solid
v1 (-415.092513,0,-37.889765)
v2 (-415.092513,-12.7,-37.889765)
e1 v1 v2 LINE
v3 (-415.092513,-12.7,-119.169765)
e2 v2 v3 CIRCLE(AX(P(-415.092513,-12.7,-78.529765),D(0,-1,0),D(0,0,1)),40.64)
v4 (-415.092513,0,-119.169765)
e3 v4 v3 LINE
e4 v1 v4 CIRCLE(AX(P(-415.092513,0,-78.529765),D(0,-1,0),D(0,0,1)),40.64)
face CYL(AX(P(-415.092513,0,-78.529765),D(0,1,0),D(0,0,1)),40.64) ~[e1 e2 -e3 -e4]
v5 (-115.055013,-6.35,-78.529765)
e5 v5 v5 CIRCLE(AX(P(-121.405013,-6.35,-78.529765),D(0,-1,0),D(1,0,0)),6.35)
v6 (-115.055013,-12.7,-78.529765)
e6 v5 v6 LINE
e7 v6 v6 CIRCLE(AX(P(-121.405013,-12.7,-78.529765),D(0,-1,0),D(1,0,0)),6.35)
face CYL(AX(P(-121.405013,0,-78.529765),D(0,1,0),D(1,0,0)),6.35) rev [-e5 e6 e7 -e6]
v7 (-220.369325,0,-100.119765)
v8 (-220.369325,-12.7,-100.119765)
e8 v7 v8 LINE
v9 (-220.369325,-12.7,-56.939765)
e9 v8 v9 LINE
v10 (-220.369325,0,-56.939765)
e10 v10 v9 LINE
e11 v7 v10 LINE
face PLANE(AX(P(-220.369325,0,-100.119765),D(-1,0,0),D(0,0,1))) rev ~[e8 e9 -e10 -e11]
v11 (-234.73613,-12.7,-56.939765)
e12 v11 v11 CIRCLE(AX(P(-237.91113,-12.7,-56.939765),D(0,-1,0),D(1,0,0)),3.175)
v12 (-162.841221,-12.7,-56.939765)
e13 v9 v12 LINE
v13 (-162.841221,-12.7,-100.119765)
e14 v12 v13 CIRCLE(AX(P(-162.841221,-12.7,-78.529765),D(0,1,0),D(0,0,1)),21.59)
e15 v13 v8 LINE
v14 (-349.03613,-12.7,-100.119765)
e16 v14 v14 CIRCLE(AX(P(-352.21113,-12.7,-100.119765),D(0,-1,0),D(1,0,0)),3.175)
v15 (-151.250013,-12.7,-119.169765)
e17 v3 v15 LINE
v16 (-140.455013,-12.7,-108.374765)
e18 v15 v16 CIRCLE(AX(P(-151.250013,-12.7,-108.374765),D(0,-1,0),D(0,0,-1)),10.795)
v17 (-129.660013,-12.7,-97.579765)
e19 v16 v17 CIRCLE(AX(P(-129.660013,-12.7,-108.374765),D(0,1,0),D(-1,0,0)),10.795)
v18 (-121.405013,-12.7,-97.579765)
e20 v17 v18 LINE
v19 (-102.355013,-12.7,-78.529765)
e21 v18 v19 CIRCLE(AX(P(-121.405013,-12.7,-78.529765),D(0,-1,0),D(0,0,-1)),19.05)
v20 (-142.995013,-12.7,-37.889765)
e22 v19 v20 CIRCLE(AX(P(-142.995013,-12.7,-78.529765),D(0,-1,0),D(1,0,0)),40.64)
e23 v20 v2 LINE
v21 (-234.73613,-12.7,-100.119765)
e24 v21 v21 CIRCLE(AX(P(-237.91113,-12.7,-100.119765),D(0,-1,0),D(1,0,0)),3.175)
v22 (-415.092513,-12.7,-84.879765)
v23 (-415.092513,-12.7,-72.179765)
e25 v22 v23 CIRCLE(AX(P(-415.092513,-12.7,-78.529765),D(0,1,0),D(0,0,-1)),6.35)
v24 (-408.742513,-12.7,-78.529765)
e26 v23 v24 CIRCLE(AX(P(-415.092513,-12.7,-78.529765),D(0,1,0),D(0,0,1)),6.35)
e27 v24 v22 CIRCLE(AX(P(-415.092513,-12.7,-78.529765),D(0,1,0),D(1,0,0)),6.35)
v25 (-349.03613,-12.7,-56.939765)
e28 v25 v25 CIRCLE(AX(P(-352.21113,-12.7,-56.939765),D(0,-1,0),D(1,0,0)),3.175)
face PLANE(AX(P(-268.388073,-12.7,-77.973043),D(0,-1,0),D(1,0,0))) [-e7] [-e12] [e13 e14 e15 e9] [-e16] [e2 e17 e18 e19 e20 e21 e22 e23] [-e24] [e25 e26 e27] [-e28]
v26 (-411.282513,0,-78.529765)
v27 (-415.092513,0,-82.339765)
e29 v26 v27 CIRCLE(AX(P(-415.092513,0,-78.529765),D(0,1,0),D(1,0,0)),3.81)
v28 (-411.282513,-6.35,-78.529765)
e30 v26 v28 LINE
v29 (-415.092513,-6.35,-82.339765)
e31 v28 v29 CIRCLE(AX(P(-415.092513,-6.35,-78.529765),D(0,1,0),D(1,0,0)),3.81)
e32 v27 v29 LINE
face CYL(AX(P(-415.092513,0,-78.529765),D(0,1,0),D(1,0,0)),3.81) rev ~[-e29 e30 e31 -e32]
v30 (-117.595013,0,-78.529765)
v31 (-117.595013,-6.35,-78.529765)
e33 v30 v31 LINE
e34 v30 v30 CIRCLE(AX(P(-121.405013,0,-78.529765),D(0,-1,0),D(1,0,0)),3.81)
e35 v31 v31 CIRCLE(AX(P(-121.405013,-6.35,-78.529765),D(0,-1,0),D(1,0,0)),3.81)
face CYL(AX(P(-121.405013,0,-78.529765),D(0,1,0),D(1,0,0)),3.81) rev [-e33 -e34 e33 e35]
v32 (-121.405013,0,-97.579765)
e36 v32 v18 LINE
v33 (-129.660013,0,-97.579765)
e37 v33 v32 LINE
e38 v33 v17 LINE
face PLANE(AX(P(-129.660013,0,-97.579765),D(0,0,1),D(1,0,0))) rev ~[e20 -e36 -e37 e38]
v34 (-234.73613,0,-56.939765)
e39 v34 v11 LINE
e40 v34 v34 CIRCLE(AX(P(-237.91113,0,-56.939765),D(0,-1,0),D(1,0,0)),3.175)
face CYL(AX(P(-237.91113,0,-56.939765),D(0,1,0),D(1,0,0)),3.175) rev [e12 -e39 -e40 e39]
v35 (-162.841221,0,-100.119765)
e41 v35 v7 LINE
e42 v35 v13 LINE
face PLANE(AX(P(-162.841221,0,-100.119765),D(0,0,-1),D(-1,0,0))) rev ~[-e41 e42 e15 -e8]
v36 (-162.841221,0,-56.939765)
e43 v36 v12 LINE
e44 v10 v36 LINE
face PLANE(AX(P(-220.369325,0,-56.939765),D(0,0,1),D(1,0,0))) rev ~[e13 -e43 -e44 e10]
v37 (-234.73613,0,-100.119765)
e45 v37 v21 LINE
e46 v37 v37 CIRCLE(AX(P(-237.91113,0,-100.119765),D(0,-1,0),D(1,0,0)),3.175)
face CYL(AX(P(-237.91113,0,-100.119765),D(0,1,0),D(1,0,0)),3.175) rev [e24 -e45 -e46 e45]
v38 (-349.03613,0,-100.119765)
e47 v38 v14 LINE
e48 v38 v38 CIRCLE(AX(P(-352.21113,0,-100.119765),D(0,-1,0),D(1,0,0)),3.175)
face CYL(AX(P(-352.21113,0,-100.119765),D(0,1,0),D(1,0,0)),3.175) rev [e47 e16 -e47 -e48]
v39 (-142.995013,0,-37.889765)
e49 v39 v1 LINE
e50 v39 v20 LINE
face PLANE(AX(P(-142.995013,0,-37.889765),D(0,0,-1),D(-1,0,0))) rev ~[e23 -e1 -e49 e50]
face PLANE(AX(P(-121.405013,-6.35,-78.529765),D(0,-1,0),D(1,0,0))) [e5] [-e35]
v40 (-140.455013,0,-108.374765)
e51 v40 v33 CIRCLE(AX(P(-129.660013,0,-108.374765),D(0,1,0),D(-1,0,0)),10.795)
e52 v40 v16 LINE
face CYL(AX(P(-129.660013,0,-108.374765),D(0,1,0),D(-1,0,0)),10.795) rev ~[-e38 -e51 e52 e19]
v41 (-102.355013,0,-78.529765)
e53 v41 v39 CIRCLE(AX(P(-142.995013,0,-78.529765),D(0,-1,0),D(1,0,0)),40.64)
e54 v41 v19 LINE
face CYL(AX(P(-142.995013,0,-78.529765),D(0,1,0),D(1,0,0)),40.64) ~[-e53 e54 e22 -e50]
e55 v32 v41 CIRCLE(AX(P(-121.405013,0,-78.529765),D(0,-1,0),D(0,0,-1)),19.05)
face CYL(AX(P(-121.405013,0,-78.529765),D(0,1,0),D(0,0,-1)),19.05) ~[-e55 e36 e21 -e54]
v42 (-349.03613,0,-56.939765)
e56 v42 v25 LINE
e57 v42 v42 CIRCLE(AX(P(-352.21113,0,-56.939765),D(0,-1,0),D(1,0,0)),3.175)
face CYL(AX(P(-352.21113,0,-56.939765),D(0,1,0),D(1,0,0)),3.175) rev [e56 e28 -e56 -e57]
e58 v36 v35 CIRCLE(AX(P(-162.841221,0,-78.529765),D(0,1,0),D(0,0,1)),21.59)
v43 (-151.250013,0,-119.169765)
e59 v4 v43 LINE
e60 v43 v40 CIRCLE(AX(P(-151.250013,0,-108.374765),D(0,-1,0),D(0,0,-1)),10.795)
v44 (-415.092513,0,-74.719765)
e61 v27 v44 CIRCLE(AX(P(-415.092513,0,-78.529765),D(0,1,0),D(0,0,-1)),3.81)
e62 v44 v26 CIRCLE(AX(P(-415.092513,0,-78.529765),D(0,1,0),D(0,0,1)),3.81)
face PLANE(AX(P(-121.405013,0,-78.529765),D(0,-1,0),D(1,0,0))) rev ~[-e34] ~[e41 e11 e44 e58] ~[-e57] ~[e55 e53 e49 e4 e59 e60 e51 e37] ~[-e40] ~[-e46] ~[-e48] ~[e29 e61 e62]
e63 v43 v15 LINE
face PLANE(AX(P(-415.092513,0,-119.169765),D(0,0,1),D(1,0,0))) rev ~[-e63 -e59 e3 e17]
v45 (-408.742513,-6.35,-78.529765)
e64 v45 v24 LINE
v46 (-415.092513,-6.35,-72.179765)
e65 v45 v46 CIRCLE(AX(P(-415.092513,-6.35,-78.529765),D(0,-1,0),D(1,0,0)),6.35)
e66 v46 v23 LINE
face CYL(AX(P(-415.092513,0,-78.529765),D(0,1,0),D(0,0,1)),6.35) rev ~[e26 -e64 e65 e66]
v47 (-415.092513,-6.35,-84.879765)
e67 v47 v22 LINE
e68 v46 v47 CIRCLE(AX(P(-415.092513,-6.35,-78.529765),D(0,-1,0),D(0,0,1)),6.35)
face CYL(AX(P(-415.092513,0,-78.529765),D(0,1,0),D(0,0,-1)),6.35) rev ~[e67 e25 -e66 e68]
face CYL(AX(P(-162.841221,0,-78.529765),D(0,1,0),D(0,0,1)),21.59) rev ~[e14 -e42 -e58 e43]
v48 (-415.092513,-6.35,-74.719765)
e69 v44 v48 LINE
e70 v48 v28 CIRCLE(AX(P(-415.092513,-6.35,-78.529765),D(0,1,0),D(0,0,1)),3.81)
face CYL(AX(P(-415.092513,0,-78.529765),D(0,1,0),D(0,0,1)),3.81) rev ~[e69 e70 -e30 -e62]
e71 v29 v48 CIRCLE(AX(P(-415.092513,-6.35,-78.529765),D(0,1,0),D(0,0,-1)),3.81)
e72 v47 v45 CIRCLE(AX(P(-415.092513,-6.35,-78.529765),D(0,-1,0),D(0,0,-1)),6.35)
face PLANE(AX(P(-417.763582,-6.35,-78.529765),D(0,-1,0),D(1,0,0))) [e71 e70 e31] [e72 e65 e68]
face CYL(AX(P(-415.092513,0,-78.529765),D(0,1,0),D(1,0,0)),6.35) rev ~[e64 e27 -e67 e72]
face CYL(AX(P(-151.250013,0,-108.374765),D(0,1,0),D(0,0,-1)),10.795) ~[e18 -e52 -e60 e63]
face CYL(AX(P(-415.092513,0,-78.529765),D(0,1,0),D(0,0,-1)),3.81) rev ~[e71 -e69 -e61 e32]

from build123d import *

# Parameters (mm, degrees)
F0_R     = 3.175
F0_R_2   = 6.35
F1_DEPTH = 12.7
F2_DEPTH = 6.35
F0_R_3   = 3.81
F3_DEPTH = 6.35


with BuildPart() as f1:
    # F0 (on Front) → F1 (new body)
    with BuildSketch(Plane.XZ):
        with BuildLine():
            ThreePointArc((-140.4550125721, -108.3747648736), (-137.293230275, -100.7415471707), (-129.6600125721, -97.5797648736))
            Line((-129.6600125721, -97.5797648736), (-122.9925125721, -97.5797648736))
            Line((-122.9925125721, -97.5797648736), (-121.4050125721, -97.5797648736))
            ThreePointArc((-121.4050125721, -97.5797648736), (-107.9346283905, -92.0001490552), (-102.3550125721, -78.5297648736))
            ThreePointArc((-102.3550125721, -78.5297648736), (-114.2581929847, -49.7929452862), (-142.9950125721, -37.8897648736))
            Line((-142.9950125721, -37.8897648736), (-150.1512528809, -37.8897648736))
            Line((-150.1512528809, -37.8897648736), (-415.0925125721, -37.8897648736))
            Line((-415.0925125721, -37.8897648736), (-415.0925125721, -72.1797648736))
            ThreePointArc((-415.0925125721, -72.1797648736), (-410.6023845116, -74.0396368131), (-408.7425125721, -78.5297648736))
            ThreePointArc((-408.7425125721, -78.5297648736), (-410.6023845116, -83.0198929341), (-415.0925125721, -84.8797648736))
            Line((-415.0925125721, -84.8797648736), (-415.0925125721, -119.1697648736))
            Line((-415.0925125721, -119.1697648736), (-151.2500125721, -119.1697648736))
            ThreePointArc((-151.2500125721, -119.1697648736), (-143.6167948692, -116.0079825765), (-140.4550125721, -108.3747648736))
        make_face()
        with Locations((-352.2111295721, -100.1197648736)):
            Circle(F0_R, mode=Mode.SUBTRACT)
        with Locations((-237.9111295721, -100.1197648736)):
            Circle(F0_R, mode=Mode.SUBTRACT)
        with BuildLine():
            ThreePointArc((-162.8412207992, -56.9397648736), (-141.2512207992, -78.5297648736), (-162.8412207992, -100.1197648736))
            Line((-162.8412207992, -100.1197648736), (-220.3693254323, -100.1197648736))
            Line((-220.3693254323, -100.1197648736), (-220.3693254323, -56.9397648736))
            Line((-220.3693254323, -56.9397648736), (-162.8412207992, -56.9397648736))
        make_face(mode=Mode.SUBTRACT)
        with Locations((-121.4050125721, -78.5297648736)):
            Circle(F0_R_2, mode=Mode.SUBTRACT)
        with Locations((-352.2111295721, -56.9397648736)):
            Circle(F0_R, mode=Mode.SUBTRACT)
        with Locations((-237.9111295721, -56.9397648736)):
            Circle(F0_R, mode=Mode.SUBTRACT)
        with BuildLine():
            ThreePointArc((-415.0925125721, -37.8897648736), (-455.7325125721, -78.5297648736), (-415.0925125721, -119.1697648736))
            Line((-415.0925125721, -119.1697648736), (-415.0925125721, -84.8797648736))
            ThreePointArc((-415.0925125721, -84.8797648736), (-421.4425125721, -78.5297648736), (-415.0925125721, -72.1797648736))
            Line((-415.0925125721, -72.1797648736), (-415.0925125721, -37.8897648736))
        make_face()
    extrude(amount=F1_DEPTH)

    # F0 (on Front) → F2 (join)
    with BuildSketch(Plane.XZ):
        with BuildLine():
            ThreePointArc((-415.0925125721, -72.1797648736), (-421.4425125721, -78.5297648736), (-415.0925125721, -84.8797648736))
            Line((-415.0925125721, -84.8797648736), (-415.0925125721, -82.3397648736))
            ThreePointArc((-415.0925125721, -82.3397648736), (-418.9025125721, -78.5297648736), (-415.0925125721, -74.7197648736))
            Line((-415.0925125721, -74.7197648736), (-415.0925125721, -72.1797648736))
        make_face()
        with BuildLine():
            Line((-415.0925125721, -82.3397648736), (-415.0925125721, -84.8797648736))
            ThreePointArc((-415.0925125721, -84.8797648736), (-410.6023845116, -83.0198929341), (-408.7425125721, -78.5297648736))
            ThreePointArc((-408.7425125721, -78.5297648736), (-410.6023845116, -74.0396368131), (-415.0925125721, -72.1797648736))
            Line((-415.0925125721, -72.1797648736), (-415.0925125721, -74.7197648736))
            ThreePointArc((-415.0925125721, -74.7197648736), (-412.3984357358, -75.8356880373), (-411.2825125721, -78.5297648736))
            ThreePointArc((-411.2825125721, -78.5297648736), (-412.3984357358, -81.2238417099), (-415.0925125721, -82.3397648736))
        make_face()
    extrude(amount=F2_DEPTH)

    # F0 (on Front) → F3 (join)
    with BuildSketch(Plane.XZ):
        with Locations((-121.4050125721, -78.5297648736)):
            Circle(F0_R_2)
        with Locations((-121.4050125721, -78.5297648736)):
            Circle(F0_R_3, mode=Mode.SUBTRACT)
    extrude(amount=F3_DEPTH)


solid = f1.part
